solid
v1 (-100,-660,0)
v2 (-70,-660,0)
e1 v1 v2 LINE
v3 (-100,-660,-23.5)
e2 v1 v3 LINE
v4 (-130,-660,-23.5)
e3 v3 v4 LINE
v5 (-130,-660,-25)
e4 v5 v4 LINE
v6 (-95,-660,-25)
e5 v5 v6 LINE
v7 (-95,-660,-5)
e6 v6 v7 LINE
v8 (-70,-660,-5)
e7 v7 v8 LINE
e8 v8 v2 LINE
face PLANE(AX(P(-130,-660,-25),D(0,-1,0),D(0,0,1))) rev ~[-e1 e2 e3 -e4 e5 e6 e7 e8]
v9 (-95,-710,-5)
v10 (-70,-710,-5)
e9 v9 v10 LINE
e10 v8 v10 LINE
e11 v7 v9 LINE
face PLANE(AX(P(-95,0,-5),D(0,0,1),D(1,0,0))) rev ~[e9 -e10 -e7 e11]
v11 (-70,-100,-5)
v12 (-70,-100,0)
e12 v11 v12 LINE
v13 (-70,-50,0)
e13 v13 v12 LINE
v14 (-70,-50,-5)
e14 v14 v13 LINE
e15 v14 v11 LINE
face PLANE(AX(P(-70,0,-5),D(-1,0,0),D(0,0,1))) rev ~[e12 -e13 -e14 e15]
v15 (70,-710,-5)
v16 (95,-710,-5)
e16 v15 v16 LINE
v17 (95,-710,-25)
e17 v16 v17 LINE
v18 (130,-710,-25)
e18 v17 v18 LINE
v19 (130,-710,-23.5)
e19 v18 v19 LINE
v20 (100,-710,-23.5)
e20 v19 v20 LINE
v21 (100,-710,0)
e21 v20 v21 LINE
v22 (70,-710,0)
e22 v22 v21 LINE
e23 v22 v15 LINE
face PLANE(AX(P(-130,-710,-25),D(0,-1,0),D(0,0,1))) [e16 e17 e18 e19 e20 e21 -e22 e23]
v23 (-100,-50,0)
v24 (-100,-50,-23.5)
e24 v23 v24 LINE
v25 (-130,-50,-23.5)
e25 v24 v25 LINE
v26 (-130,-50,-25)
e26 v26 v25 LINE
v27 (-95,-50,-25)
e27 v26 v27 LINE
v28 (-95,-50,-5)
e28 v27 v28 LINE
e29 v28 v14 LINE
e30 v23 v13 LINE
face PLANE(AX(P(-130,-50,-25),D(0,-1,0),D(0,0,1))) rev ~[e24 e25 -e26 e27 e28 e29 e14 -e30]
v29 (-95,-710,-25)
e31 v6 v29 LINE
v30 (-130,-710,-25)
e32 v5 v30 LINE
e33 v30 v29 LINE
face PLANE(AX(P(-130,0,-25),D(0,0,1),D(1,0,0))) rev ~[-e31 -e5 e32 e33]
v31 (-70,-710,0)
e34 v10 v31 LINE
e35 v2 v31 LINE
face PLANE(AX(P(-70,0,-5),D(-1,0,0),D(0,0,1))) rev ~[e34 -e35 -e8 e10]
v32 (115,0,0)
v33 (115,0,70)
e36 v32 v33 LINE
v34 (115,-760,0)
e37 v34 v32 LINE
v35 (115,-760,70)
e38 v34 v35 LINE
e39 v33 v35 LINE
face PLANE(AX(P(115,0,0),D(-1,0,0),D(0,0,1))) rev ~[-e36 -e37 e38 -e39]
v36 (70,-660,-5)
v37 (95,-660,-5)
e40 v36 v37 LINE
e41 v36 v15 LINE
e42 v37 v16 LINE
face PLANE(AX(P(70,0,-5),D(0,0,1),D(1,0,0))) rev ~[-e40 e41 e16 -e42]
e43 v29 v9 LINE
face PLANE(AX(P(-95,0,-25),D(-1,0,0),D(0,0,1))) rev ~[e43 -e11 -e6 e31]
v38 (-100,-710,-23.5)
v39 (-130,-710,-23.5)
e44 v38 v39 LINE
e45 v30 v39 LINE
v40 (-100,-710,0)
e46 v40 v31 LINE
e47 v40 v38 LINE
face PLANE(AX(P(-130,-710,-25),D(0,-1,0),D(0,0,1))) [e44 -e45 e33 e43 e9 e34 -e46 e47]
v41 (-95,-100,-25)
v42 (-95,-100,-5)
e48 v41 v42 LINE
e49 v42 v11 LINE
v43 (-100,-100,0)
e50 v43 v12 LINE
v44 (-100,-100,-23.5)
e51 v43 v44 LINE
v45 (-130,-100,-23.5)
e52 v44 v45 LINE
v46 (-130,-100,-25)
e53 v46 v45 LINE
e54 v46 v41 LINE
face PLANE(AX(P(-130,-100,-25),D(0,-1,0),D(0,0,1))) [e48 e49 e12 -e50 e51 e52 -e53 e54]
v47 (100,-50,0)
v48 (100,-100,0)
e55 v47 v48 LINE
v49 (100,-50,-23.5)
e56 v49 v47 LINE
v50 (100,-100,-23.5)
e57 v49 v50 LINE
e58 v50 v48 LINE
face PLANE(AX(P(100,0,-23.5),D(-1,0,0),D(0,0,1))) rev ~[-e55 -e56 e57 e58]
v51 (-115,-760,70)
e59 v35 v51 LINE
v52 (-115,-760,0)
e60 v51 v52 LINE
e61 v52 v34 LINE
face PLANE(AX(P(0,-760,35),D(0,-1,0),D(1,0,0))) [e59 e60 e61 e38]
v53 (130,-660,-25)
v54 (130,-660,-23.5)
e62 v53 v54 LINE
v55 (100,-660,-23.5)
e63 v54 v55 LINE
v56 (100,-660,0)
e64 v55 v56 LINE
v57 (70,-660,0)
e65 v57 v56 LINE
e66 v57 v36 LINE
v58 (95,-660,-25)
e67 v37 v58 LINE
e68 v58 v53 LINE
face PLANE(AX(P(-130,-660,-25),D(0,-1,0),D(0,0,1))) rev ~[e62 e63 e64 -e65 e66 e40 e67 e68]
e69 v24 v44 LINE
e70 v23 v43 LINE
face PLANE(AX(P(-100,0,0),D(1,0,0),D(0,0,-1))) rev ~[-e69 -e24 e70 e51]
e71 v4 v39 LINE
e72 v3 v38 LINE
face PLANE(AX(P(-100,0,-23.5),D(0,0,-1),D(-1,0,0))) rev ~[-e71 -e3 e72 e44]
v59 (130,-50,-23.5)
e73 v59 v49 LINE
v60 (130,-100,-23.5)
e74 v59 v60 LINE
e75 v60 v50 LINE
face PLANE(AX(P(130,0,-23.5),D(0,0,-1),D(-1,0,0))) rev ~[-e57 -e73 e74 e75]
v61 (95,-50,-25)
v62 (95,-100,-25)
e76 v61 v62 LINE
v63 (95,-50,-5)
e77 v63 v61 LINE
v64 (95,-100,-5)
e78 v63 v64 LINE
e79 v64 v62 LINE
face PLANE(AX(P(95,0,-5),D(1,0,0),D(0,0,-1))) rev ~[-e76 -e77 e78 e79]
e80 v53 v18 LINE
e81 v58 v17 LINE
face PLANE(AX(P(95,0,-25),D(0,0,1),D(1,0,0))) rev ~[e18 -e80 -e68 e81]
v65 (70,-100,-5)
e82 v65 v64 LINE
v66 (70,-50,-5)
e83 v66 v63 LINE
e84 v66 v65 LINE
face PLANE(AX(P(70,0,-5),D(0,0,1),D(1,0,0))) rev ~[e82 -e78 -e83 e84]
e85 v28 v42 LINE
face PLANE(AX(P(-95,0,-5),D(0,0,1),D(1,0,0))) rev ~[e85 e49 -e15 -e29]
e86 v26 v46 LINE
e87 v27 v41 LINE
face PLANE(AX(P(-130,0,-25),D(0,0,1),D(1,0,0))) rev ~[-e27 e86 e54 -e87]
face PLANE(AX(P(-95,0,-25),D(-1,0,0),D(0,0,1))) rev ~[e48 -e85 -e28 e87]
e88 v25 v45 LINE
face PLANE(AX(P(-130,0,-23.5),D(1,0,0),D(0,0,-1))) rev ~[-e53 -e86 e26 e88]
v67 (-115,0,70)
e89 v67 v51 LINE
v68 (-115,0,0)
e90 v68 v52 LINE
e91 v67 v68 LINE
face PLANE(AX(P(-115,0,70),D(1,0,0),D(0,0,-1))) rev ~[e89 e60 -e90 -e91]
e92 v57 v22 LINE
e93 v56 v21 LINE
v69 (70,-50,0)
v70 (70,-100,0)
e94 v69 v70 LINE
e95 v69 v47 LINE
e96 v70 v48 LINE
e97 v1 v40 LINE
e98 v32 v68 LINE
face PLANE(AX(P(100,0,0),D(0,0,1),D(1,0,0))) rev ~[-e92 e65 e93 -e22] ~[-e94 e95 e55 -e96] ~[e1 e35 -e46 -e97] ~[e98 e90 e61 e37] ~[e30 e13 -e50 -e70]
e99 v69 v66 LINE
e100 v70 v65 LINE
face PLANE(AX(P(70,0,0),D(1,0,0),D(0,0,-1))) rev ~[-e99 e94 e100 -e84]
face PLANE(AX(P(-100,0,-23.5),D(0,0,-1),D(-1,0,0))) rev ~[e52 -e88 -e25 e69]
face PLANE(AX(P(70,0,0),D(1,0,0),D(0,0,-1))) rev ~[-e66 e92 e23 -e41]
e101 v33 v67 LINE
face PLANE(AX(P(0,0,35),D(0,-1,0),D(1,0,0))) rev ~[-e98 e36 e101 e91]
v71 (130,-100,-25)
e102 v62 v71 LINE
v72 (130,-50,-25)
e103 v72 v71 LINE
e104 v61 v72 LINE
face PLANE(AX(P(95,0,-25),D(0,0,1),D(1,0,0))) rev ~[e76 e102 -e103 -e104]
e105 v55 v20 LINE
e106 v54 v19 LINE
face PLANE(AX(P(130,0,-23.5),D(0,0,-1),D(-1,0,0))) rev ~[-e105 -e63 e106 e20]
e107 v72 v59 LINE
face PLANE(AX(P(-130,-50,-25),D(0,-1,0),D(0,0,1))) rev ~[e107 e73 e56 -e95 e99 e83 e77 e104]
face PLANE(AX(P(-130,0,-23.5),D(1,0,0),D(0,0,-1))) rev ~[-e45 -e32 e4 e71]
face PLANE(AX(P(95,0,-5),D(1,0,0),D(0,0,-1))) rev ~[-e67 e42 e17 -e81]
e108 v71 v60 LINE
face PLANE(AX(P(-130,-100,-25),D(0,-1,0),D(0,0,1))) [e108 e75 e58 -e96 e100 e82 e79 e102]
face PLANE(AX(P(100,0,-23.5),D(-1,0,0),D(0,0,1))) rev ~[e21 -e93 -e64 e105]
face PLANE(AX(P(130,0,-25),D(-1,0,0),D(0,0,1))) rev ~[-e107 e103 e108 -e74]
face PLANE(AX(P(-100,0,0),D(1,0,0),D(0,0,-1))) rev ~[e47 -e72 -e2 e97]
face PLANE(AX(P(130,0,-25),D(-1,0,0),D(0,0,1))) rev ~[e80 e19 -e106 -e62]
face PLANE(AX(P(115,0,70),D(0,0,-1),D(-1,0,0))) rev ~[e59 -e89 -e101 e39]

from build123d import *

# Parameters (mm, degrees)
F1_DEPTH = 760
F2_W     = 50
F2_H     = 25
F2_W_2   = 560
F3_DEPTH = 260.001


with BuildPart() as f1:
    # F0 (on Front) → F1 (new body)
    with BuildSketch(Plane.XZ):
        Polygon((115, 70), (-115, 70), (-115, 0), (-100, 0), (-70, 0), (70, 0), (100, 0), (115, 0), align=None)
        Polygon((-70, 0), (-100, 0), (-100, -23.5), (-130, -23.5), (-130, -25), (-95, -25), (-95, -5), (-70, -5), align=None)
        Polygon((100, -23.5), (100, 0), (70, 0), (70, -5), (95, -5), (95, -25), (130, -25), (130, -23.5), align=None)
    extrude(amount=F1_DEPTH)

    # F2 (on face) → F3 (cut, through all)
    with BuildSketch(Plane(origin=(-130, 0, 0), x_dir=(0, -1, 0), z_dir=(-1, 0, 0))):
        with Locations((25, -12.5)):
            Rectangle(F2_W, F2_H)
        with Locations((735, -12.5)):
            Rectangle(F2_W, F2_H)
        with Locations((380, -12.5)):
            Rectangle(F2_W_2, F2_H)
    extrude(amount=-F3_DEPTH, mode=Mode.SUBTRACT)


solid = f1.part
